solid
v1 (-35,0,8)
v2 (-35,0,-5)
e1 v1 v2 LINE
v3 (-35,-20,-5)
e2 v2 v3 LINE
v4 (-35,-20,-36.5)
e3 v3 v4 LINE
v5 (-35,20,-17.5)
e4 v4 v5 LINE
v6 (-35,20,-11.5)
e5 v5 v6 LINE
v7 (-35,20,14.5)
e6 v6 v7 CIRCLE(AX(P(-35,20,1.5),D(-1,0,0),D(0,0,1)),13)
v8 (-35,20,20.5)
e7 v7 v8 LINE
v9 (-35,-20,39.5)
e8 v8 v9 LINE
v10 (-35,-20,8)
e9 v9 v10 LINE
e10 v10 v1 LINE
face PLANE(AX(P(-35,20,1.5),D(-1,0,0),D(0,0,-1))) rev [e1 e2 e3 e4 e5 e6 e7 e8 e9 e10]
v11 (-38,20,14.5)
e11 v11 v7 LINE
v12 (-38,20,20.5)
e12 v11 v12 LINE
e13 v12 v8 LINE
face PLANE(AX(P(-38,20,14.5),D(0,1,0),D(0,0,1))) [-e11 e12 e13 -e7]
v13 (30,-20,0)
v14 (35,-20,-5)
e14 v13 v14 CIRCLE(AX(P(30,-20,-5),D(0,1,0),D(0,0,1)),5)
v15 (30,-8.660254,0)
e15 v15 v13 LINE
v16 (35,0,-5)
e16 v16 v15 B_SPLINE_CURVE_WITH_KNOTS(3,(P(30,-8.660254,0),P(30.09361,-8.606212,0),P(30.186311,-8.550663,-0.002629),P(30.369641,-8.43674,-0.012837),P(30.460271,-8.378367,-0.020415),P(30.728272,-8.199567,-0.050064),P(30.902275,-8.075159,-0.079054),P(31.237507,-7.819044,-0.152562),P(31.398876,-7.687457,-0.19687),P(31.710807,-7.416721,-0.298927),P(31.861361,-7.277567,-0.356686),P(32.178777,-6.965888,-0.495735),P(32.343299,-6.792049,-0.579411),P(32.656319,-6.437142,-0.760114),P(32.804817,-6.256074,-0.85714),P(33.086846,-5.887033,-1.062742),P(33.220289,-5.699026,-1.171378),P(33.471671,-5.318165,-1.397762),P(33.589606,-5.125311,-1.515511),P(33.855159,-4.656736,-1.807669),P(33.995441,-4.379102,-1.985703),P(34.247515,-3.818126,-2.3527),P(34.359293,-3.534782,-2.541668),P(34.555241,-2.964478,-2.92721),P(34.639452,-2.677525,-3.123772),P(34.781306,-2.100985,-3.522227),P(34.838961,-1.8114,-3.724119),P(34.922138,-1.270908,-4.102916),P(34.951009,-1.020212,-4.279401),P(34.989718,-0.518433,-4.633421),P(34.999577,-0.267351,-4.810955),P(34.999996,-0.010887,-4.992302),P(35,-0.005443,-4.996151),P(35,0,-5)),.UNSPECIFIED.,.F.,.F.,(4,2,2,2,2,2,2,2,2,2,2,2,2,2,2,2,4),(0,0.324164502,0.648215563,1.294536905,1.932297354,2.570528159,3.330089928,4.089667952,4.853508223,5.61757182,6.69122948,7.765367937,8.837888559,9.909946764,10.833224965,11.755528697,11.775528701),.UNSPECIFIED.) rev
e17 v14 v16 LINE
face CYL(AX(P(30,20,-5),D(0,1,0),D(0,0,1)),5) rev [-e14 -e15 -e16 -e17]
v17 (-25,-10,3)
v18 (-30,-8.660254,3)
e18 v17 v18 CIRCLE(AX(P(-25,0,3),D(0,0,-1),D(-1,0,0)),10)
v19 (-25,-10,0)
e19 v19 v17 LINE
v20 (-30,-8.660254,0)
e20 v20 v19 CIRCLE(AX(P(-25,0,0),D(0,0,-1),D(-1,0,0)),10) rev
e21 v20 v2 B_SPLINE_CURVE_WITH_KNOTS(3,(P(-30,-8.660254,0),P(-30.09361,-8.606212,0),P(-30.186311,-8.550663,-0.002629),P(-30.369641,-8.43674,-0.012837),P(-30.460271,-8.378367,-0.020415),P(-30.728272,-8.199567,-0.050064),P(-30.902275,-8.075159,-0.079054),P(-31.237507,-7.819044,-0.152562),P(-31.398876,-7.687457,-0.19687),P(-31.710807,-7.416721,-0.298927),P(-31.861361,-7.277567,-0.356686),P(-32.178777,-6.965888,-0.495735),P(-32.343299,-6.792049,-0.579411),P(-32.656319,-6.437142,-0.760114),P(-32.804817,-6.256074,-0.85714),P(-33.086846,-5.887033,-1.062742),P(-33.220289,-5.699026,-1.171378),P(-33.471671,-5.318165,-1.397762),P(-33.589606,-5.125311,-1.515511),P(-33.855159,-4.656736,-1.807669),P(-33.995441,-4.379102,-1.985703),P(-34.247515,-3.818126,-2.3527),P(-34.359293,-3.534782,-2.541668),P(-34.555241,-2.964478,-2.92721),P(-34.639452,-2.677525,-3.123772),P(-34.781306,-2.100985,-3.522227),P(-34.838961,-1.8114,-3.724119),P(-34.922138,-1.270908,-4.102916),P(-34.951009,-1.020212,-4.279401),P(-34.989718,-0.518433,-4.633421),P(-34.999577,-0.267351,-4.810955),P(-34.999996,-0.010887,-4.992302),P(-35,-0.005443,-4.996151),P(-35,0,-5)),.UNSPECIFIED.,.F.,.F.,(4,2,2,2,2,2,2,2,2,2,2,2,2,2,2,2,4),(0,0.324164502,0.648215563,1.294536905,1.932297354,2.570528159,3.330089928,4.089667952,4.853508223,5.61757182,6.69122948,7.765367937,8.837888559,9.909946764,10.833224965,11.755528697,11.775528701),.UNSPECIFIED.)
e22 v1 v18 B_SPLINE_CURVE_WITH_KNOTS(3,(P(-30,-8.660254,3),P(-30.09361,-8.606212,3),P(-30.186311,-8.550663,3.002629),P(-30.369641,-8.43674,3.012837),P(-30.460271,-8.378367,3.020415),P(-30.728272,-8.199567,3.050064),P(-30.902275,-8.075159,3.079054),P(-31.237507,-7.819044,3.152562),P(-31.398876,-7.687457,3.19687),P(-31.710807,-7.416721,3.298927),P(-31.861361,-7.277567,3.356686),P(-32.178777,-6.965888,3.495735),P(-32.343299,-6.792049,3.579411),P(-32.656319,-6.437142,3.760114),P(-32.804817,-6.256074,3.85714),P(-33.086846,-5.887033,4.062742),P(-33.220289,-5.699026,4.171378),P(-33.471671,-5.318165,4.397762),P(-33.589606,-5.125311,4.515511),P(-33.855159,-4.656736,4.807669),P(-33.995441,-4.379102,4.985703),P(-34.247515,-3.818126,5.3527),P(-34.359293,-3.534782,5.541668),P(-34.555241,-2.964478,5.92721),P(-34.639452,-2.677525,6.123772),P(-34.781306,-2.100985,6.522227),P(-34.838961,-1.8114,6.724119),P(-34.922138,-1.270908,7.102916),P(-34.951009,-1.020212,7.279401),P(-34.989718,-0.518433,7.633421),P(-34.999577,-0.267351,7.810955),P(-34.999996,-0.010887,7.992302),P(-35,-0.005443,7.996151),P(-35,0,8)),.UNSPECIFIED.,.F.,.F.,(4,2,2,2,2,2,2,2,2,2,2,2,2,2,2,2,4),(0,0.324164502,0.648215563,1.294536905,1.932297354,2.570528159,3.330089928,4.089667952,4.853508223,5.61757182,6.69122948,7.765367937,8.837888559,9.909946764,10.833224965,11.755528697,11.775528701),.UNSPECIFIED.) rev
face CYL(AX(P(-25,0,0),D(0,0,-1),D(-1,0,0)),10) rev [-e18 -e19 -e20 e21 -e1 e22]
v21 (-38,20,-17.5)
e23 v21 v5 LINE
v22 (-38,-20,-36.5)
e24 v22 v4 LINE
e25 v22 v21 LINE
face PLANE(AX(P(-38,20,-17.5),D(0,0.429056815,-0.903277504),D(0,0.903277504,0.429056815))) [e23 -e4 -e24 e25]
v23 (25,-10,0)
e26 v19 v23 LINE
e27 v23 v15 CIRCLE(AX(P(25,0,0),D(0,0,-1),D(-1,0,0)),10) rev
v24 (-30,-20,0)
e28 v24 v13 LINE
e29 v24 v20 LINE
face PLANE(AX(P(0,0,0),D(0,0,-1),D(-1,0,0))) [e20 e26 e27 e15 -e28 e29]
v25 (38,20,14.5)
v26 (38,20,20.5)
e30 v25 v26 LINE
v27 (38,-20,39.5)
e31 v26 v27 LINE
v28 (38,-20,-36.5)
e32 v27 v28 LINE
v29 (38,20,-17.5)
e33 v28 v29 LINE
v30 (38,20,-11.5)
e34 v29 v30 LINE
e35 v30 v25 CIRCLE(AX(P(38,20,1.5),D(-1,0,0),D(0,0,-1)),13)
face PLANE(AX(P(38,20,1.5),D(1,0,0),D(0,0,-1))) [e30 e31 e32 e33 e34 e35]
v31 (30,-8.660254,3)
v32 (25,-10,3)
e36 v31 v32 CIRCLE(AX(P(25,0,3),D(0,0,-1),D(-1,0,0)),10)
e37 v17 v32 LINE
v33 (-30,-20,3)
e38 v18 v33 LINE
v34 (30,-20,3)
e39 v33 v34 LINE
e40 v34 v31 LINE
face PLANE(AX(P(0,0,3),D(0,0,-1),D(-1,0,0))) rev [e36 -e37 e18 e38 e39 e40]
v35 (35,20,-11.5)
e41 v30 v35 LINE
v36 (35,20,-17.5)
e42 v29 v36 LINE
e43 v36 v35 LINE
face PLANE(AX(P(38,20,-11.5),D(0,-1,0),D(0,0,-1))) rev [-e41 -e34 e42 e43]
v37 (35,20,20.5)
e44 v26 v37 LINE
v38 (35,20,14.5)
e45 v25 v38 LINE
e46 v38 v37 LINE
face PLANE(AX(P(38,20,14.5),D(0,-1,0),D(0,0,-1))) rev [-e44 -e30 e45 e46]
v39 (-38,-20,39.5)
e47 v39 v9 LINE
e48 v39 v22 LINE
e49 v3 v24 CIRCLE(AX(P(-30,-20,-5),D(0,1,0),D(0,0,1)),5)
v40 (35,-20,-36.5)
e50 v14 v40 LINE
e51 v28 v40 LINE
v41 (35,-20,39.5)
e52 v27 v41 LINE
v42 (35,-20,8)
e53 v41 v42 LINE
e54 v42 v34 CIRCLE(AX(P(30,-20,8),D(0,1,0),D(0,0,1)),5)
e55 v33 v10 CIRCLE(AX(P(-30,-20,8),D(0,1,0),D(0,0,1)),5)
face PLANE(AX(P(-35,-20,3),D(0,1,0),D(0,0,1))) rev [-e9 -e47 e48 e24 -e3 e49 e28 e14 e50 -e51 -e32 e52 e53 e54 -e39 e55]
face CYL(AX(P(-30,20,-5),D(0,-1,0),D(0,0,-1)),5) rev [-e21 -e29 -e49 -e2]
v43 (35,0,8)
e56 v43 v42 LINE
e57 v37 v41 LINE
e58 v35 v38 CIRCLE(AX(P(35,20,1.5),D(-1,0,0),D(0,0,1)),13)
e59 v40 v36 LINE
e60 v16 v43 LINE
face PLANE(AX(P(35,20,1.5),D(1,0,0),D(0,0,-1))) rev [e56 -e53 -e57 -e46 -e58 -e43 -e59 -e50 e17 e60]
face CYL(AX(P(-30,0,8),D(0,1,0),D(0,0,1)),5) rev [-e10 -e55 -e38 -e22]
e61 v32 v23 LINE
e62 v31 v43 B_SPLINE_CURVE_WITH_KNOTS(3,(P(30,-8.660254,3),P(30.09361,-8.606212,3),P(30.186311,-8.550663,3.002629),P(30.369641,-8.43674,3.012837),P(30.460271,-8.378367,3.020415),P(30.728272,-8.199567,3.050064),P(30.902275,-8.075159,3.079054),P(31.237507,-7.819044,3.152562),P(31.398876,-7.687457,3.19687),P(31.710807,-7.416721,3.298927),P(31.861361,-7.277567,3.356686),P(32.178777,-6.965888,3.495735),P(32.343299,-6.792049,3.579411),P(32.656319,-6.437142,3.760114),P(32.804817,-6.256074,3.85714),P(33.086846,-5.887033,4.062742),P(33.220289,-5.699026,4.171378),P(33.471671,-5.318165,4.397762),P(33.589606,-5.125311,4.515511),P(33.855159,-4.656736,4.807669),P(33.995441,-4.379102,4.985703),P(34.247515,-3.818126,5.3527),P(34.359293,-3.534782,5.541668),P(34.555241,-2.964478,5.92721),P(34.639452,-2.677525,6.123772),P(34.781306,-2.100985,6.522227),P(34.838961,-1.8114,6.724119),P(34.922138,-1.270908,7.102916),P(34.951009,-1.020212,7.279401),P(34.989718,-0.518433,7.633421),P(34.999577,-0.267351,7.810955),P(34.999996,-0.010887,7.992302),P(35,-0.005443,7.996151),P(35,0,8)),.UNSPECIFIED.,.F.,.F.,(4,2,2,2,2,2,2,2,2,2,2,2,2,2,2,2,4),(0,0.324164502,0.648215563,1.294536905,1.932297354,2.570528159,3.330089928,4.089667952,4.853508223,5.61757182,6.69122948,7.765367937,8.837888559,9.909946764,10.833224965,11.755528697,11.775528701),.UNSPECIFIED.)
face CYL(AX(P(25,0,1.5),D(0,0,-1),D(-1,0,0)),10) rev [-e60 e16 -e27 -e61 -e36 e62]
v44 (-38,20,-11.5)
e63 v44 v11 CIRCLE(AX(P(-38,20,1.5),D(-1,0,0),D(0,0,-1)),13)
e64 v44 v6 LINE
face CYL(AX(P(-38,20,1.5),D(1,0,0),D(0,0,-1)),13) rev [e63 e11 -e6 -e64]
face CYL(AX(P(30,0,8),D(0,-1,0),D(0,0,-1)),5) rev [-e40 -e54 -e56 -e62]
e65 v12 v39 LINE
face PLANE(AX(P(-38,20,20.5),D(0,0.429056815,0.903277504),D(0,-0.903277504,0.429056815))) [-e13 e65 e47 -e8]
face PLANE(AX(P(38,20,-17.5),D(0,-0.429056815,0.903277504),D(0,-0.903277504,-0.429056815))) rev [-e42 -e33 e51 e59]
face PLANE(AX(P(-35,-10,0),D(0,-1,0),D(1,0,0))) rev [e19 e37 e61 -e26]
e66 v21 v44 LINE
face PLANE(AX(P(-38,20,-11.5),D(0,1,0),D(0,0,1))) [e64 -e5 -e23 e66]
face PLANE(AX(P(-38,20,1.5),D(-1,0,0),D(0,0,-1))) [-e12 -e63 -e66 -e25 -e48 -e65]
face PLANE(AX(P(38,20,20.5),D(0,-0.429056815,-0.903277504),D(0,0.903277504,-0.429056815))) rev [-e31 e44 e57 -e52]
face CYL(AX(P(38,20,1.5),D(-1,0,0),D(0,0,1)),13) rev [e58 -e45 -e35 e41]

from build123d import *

# Parameters (mm, degrees)
ESQUISSE1_W             = 70
ESQUISSE1_H             = 40
BOSS_EXTRU_1_DEPTH      = 3
BOSS_EXTRU_2_DEPTH      = 3
ESQUISSE3_W             = 70
ESQUISSE3_H             = 30
ENL_V_MAT_EXTRU_1_DEPTH = 3
CONG_1_R                = 10
CONG_2_R                = 5


with BuildPart() as part:
    # Esquisse1 → Boss.-Extru.1 (new body)
    with BuildSketch(Plane.XY):
        Rectangle(ESQUISSE1_W, ESQUISSE1_H)
    extrude(amount=BOSS_EXTRU_1_DEPTH)

    # Esquisse2 → Boss.-Extru.2 (add)
    with BuildSketch(Plane(origin=(35, 0, 0), x_dir=(0, 0, -1), z_dir=(1, 0, 0))):
        with BuildLine():
            Line((-14.5, 20), (-20.5, 20))
            Line((-20.5, 20), (-39.5, -20))
            Line((-39.5, -20), (-36.086461528, -20))
            Line((-36.086461528, -20), (-7.955603951, -20))
            Line((-7.955603951, -20), (4.955603951, -20))
            Line((4.955603951, -20), (33.086461528, -20))
            Line((33.086461528, -20), (36.5, -20))
            Line((36.5, -20), (17.5, 20))
            Line((17.5, 20), (11.5, 20))
            ThreePointArc((11.5, 20), (7.692388155, 10.807611845), (-1.5, 7))
            ThreePointArc((-1.5, 7), (-10.692388155, 10.807611845), (-14.5, 20))
        make_face()
    boss_extru_2 = extrude(amount=BOSS_EXTRU_2_DEPTH)

    # Symétrie1: Boss.-Extru.2 across plane
    add(boss_extru_2.mirror(Plane(origin=(0, 0, 0), x_dir=(0, 0, 1), z_dir=(1, 0, 0))))

    # Esquisse3 → Enlèv. mat.-Extru.1 (cut)
    with BuildSketch(Plane.XY.offset(3)):
        with Locations((0, 5)):
            Rectangle(ESQUISSE3_W, ESQUISSE3_H)
    extrude(amount=-ENL_V_MAT_EXTRU_1_DEPTH, mode=Mode.SUBTRACT)

    # Congé1
    cong_1_edges = [part.edges().sort_by_distance(p)[0] for p in [
        (-35, -10, 1.5),
        (35, -10, 1.5),
    ]]
    fillet(cong_1_edges, radius=CONG_1_R)

    # Congé2
    cong_2_edges = [part.edges().sort_by_distance(p)[0] for p in [
        (35, -5, 0),
        (-35, -5, 0),
        (-35, -5, 3),
        (35, -5, 3),
    ]]
    fillet(cong_2_edges, radius=CONG_2_R)


solid = part.part
